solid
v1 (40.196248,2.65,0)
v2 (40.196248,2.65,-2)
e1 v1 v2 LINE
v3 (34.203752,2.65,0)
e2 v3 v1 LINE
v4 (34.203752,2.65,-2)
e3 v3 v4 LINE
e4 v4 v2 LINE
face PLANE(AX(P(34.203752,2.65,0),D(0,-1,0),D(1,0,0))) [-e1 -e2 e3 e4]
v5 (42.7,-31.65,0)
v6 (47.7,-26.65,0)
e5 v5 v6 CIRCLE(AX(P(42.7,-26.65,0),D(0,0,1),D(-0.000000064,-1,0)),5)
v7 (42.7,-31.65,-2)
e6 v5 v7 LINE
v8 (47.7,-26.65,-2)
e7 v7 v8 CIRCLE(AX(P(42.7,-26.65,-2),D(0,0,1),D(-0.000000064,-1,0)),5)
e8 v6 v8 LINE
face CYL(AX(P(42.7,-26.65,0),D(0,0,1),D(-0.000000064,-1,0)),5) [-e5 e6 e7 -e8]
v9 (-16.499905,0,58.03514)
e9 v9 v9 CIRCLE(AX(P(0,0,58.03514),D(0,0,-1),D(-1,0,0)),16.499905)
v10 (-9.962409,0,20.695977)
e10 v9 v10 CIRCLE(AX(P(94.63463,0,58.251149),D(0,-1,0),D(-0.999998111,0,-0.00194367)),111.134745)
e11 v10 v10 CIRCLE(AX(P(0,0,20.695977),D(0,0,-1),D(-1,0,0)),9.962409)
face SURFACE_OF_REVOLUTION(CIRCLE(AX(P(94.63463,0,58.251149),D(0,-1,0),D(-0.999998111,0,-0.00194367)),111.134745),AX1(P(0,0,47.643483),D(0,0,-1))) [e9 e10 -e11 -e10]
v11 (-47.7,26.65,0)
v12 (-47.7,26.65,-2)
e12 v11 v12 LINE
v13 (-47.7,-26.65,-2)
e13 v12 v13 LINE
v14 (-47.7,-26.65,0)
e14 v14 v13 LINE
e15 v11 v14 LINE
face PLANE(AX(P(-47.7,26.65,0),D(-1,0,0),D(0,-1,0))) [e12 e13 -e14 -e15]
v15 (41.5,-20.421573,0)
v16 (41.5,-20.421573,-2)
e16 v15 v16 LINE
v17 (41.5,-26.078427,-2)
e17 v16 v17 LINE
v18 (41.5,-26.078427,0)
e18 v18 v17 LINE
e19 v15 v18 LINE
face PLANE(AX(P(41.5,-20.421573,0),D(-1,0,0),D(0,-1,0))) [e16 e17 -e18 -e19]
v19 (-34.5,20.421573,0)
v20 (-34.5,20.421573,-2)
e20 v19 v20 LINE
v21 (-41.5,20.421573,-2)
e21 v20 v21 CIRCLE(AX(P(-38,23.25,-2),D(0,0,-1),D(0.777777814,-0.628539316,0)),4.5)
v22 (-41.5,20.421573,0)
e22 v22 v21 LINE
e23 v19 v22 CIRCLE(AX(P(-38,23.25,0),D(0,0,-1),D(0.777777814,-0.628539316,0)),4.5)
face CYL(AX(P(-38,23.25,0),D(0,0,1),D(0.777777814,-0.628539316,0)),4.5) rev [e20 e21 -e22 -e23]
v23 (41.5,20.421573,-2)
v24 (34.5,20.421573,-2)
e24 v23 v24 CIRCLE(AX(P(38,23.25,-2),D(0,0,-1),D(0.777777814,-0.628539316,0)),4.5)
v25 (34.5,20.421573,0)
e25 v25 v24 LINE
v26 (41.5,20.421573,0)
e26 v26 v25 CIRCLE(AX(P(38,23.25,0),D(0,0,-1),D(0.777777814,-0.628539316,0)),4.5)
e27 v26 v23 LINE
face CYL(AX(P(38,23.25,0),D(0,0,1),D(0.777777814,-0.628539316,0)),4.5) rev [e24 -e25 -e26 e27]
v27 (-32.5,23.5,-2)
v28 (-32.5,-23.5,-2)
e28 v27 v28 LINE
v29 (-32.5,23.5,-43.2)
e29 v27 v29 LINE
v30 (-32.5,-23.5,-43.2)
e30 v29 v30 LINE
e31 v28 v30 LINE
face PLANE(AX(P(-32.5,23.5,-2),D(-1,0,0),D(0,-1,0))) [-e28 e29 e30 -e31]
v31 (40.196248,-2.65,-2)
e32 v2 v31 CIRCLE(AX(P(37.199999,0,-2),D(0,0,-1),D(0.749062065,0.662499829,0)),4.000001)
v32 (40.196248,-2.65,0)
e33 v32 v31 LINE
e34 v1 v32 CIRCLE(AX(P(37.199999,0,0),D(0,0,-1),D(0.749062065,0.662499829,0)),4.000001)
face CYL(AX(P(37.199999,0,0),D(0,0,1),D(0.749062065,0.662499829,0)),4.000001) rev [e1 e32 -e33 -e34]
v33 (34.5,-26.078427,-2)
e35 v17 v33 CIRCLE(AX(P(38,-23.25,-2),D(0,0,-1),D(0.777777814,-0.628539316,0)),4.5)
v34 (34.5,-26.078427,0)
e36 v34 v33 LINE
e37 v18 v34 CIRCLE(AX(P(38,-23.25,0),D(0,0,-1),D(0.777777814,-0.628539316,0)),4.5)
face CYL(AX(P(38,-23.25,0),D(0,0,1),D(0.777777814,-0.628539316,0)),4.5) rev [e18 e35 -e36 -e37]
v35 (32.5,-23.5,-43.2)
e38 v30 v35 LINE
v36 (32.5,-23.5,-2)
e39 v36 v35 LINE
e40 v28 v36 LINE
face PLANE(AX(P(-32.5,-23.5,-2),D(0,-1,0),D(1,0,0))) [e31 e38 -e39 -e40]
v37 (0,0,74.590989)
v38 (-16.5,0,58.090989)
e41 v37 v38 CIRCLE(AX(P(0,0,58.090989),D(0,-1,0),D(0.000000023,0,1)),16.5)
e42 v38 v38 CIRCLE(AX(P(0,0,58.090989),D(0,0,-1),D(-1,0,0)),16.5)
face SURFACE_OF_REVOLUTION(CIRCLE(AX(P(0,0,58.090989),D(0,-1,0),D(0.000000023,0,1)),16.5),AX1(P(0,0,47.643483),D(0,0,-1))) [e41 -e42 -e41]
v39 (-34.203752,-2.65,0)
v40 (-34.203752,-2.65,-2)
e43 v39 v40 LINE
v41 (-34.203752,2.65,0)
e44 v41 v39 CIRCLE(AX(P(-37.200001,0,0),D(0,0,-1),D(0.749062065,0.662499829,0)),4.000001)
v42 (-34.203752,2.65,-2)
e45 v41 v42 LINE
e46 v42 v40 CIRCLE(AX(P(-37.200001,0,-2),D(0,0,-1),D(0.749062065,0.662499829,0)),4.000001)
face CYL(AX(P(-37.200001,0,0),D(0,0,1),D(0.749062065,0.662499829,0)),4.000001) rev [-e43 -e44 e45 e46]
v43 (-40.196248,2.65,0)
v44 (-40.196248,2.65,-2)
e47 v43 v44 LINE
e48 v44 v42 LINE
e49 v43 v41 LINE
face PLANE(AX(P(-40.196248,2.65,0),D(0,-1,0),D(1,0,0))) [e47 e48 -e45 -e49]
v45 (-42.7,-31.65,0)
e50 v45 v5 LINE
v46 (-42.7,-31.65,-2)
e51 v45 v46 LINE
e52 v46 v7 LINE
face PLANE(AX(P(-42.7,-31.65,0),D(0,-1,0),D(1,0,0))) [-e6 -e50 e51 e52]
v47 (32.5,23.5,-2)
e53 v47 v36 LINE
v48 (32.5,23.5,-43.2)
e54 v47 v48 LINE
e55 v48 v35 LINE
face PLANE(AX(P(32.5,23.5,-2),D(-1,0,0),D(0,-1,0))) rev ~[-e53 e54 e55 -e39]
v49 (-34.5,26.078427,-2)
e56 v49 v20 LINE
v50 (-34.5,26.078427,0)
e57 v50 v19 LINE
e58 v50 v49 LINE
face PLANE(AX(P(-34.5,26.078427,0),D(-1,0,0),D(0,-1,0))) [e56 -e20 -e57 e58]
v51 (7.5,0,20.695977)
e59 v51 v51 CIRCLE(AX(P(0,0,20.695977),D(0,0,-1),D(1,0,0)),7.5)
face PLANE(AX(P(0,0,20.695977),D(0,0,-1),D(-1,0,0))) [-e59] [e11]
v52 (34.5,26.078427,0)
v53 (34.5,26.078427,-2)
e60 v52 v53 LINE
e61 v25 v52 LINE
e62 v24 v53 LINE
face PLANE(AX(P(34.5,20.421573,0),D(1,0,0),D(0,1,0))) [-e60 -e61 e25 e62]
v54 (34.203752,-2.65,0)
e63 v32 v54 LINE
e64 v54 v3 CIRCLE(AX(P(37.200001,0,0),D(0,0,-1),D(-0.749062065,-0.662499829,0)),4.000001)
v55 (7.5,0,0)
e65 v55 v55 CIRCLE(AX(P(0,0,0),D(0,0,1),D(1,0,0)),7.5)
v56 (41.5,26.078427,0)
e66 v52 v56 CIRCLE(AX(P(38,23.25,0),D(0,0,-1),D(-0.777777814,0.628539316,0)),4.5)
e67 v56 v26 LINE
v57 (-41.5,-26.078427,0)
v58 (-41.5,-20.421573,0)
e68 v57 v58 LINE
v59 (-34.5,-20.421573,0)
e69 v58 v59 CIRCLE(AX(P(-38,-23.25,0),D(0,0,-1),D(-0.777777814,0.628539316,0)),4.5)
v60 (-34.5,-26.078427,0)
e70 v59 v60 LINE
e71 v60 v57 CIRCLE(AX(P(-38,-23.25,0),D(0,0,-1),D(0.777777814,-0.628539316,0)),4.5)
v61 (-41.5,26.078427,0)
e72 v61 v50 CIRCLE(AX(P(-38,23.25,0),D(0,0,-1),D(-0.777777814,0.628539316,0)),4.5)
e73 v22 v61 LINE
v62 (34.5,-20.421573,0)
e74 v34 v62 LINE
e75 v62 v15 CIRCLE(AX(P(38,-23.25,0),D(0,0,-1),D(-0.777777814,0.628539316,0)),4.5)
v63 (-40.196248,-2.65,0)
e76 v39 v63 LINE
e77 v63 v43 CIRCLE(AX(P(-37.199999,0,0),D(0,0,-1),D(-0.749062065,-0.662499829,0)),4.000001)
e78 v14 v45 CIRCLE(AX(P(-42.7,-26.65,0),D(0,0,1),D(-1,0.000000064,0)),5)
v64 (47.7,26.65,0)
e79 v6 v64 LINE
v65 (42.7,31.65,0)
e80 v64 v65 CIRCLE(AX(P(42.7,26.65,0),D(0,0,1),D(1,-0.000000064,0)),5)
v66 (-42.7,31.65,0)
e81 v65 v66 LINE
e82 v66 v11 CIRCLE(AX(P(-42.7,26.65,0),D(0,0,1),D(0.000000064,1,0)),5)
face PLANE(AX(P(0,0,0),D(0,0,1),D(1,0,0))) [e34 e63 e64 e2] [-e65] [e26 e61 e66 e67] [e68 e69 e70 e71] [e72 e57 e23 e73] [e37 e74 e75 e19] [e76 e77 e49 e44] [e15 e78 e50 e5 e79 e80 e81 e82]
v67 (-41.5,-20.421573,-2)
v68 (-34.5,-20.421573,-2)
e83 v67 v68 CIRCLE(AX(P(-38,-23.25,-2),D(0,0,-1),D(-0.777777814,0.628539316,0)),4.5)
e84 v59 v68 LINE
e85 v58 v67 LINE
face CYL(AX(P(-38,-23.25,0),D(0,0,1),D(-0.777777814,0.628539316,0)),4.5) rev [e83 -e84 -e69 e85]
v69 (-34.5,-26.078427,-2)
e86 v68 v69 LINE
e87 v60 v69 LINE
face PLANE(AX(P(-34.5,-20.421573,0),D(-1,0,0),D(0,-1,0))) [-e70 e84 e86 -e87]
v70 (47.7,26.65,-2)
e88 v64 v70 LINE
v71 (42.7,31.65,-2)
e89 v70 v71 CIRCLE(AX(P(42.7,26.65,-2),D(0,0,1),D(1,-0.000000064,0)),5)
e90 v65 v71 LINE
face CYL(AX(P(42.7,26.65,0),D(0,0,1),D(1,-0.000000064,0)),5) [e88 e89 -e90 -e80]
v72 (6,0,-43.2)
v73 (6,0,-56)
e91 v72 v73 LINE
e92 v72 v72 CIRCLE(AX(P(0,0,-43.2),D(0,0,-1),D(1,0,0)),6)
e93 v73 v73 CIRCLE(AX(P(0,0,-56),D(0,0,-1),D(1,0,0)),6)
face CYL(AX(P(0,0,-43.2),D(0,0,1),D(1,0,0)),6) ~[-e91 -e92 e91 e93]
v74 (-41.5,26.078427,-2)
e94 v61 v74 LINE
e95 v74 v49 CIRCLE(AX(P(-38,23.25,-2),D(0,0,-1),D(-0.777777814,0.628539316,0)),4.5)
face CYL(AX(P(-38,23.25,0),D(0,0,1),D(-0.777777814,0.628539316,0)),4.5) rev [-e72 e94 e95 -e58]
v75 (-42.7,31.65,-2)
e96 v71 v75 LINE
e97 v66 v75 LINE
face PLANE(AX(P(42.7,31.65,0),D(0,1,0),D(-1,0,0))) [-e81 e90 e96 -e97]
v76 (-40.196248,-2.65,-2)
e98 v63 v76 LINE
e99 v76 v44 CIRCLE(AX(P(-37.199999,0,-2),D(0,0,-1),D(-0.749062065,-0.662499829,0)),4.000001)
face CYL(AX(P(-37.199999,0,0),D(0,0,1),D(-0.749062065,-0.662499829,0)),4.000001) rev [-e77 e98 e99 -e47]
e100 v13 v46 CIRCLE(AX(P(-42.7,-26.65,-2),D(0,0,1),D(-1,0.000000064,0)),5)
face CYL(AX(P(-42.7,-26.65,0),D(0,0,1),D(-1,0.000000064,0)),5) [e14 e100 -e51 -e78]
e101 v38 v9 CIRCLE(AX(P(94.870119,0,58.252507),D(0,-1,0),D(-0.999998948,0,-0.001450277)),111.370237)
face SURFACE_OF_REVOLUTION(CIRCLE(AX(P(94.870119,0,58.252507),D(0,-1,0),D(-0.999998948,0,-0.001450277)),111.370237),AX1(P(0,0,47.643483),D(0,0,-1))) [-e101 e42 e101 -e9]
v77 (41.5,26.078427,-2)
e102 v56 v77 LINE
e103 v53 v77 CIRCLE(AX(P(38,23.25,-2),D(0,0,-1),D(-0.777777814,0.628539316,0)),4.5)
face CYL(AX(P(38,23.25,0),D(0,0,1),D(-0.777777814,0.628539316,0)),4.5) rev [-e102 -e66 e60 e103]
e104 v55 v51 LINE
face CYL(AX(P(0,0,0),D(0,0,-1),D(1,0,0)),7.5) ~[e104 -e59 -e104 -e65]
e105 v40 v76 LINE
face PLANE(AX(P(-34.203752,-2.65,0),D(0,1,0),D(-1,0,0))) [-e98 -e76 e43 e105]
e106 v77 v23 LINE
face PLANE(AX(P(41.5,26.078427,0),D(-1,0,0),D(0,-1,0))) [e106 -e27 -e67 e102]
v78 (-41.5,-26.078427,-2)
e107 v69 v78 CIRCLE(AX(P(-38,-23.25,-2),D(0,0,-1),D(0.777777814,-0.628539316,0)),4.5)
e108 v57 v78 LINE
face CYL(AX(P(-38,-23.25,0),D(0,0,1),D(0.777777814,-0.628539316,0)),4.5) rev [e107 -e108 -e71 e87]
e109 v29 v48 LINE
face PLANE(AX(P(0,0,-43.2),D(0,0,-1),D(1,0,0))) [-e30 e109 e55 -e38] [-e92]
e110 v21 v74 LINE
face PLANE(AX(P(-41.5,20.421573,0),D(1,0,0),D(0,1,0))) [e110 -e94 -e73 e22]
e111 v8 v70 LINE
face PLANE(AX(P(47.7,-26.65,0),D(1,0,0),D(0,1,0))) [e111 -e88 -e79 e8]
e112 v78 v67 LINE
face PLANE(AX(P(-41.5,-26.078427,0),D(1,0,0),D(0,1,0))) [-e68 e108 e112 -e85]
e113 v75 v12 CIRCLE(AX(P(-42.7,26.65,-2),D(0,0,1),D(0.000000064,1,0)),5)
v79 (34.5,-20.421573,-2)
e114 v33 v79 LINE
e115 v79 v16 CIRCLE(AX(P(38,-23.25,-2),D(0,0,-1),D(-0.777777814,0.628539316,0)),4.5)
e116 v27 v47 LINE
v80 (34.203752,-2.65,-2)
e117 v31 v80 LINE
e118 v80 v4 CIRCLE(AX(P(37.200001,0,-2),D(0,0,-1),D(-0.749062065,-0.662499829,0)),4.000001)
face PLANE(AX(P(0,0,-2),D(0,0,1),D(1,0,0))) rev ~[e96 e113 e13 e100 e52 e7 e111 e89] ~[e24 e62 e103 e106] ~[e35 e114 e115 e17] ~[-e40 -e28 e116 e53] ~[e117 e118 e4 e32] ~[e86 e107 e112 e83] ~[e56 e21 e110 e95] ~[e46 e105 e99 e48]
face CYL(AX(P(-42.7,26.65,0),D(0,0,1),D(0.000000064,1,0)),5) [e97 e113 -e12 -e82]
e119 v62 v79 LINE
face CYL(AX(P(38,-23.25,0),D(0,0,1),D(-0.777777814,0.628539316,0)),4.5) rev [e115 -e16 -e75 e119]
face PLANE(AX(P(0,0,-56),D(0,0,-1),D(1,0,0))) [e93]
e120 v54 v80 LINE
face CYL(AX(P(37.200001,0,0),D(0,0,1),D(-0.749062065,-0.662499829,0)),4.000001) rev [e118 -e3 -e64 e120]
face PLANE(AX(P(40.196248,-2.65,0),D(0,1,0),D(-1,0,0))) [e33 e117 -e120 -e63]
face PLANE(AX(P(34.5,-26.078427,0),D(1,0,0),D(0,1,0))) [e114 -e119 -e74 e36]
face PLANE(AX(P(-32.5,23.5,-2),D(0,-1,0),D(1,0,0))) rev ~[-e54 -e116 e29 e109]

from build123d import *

# Parameters (mm, degrees)
F1_DEPTH = 2
F2_R     = 7.5
F3_DEPTH = 70
F6_W     = 65
F6_H     = 47
F7_DEPTH = 41.2
F8_R     = 6
F9_DEPTH = 12.8


with BuildPart() as f1:
    # F0 (on Top) → F1 (new body)
    with BuildSketch(Plane.XY):
        with BuildLine():
            Line((-42.7, -31.65), (42.7, -31.65))
            ThreePointArc((42.7, -31.65), (46.235534, -30.185534), (47.7, -26.65))
            Line((47.7, -26.65), (47.7, 26.65))
            ThreePointArc((47.7, 26.65), (46.235534, 30.185534), (42.7, 31.65))
            Line((42.7, 31.65), (-42.7, 31.65))
            ThreePointArc((-42.7, 31.65), (-46.235534, 30.185534), (-47.7, 26.65))
            Line((-47.7, 26.65), (-47.7, -26.65))
            ThreePointArc((-47.7, -26.65), (-46.235534, -30.185534), (-42.7, -31.65))
        make_face()
        with BuildLine():
            Line((-41.5, -26.078427), (-41.5, -20.421573))
            ThreePointArc((-41.5, -20.421573), (-38, -18.75), (-34.5, -20.421573))
            Line((-34.5, -20.421573), (-34.5, -26.078427))
            ThreePointArc((-34.5, -26.078427), (-38, -27.75), (-41.5, -26.078427))
        make_face(mode=Mode.SUBTRACT)
        with BuildLine():
            ThreePointArc((34.5, -20.421573), (38, -18.75), (41.5, -20.421573))
            Line((41.5, -20.421573), (41.5, -26.078427))
            ThreePointArc((41.5, -26.078427), (38, -27.75), (34.5, -26.078427))
            Line((34.5, -26.078427), (34.5, -20.421573))
        make_face(mode=Mode.SUBTRACT)
        with BuildLine():
            ThreePointArc((-34.203752, 2.65), (-33.2, 0), (-34.203752, -2.65))
            Line((-34.203752, -2.65), (-40.196248, -2.65))
            ThreePointArc((-40.196248, -2.65), (-41.2, 0), (-40.196248, 2.65))
            Line((-40.196248, 2.65), (-34.203752, 2.65))
        make_face(mode=Mode.SUBTRACT)
        with BuildLine():
            ThreePointArc((-41.5, 26.078427), (-38, 27.75), (-34.5, 26.078427))
            Line((-34.5, 26.078427), (-34.5, 20.421573))
            ThreePointArc((-34.5, 20.421573), (-38, 18.75), (-41.5, 20.421573))
            Line((-41.5, 20.421573), (-41.5, 26.078427))
        make_face(mode=Mode.SUBTRACT)
        with BuildLine():
            ThreePointArc((34.203752, -2.65), (33.2, 0), (34.203752, 2.65))
            Line((34.203752, 2.65), (40.196248, 2.65))
            ThreePointArc((40.196248, 2.65), (41.2, 0), (40.196248, -2.65))
            Line((40.196248, -2.65), (34.203752, -2.65))
        make_face(mode=Mode.SUBTRACT)
        with BuildLine():
            Line((41.5, 26.078427), (41.5, 20.421573))
            ThreePointArc((41.5, 20.421573), (38, 18.75), (34.5, 20.421573))
            Line((34.5, 20.421573), (34.5, 26.078427))
            ThreePointArc((34.5, 26.078427), (38, 27.75), (41.5, 26.078427))
        make_face(mode=Mode.SUBTRACT)
    extrude(amount=-F1_DEPTH)

    # F2 (on face) → F3 (join)
    with BuildSketch(Plane.XY):
        Circle(F2_R)
    extrude(amount=F3_DEPTH)

    # F4 (on Front) → F5 (revolve)
    with BuildSketch(Plane.XZ):
        with BuildLine():
            ThreePointArc((0, 74.590989), (-11.667262, 69.758251), (-16.5, 58.090989))
            ThreePointArc((-16.5, 58.090989), (-16.499956, 58.063064), (-16.499905, 58.03514))
            ThreePointArc((-16.499905, 58.03514), (-14.834915, 39.084766), (-9.962409, 20.695977))
            Line((-9.962409, 20.695977), (0, 20.695977))
            Line((0, 20.695977), (0, 74.590989))
        make_face()
    revolve(axis=Axis((0, 0, 47.643483), (0, 0, -1)))

    # F6 (on face) → F7 (join)
    with BuildSketch(Plane(origin=(0, 0, -2), x_dir=(1, 0, 0), z_dir=(0, 0, -1))):
        Rectangle(F6_W, F6_H)
    extrude(amount=F7_DEPTH)

    # F8 (on face) → F9 (join)
    with BuildSketch(Plane(origin=(0, 0, -43.2), x_dir=(1, 0, 0), z_dir=(0, 0, -1))):
        Circle(F8_R)
    extrude(amount=F9_DEPTH)


solid = f1.part
